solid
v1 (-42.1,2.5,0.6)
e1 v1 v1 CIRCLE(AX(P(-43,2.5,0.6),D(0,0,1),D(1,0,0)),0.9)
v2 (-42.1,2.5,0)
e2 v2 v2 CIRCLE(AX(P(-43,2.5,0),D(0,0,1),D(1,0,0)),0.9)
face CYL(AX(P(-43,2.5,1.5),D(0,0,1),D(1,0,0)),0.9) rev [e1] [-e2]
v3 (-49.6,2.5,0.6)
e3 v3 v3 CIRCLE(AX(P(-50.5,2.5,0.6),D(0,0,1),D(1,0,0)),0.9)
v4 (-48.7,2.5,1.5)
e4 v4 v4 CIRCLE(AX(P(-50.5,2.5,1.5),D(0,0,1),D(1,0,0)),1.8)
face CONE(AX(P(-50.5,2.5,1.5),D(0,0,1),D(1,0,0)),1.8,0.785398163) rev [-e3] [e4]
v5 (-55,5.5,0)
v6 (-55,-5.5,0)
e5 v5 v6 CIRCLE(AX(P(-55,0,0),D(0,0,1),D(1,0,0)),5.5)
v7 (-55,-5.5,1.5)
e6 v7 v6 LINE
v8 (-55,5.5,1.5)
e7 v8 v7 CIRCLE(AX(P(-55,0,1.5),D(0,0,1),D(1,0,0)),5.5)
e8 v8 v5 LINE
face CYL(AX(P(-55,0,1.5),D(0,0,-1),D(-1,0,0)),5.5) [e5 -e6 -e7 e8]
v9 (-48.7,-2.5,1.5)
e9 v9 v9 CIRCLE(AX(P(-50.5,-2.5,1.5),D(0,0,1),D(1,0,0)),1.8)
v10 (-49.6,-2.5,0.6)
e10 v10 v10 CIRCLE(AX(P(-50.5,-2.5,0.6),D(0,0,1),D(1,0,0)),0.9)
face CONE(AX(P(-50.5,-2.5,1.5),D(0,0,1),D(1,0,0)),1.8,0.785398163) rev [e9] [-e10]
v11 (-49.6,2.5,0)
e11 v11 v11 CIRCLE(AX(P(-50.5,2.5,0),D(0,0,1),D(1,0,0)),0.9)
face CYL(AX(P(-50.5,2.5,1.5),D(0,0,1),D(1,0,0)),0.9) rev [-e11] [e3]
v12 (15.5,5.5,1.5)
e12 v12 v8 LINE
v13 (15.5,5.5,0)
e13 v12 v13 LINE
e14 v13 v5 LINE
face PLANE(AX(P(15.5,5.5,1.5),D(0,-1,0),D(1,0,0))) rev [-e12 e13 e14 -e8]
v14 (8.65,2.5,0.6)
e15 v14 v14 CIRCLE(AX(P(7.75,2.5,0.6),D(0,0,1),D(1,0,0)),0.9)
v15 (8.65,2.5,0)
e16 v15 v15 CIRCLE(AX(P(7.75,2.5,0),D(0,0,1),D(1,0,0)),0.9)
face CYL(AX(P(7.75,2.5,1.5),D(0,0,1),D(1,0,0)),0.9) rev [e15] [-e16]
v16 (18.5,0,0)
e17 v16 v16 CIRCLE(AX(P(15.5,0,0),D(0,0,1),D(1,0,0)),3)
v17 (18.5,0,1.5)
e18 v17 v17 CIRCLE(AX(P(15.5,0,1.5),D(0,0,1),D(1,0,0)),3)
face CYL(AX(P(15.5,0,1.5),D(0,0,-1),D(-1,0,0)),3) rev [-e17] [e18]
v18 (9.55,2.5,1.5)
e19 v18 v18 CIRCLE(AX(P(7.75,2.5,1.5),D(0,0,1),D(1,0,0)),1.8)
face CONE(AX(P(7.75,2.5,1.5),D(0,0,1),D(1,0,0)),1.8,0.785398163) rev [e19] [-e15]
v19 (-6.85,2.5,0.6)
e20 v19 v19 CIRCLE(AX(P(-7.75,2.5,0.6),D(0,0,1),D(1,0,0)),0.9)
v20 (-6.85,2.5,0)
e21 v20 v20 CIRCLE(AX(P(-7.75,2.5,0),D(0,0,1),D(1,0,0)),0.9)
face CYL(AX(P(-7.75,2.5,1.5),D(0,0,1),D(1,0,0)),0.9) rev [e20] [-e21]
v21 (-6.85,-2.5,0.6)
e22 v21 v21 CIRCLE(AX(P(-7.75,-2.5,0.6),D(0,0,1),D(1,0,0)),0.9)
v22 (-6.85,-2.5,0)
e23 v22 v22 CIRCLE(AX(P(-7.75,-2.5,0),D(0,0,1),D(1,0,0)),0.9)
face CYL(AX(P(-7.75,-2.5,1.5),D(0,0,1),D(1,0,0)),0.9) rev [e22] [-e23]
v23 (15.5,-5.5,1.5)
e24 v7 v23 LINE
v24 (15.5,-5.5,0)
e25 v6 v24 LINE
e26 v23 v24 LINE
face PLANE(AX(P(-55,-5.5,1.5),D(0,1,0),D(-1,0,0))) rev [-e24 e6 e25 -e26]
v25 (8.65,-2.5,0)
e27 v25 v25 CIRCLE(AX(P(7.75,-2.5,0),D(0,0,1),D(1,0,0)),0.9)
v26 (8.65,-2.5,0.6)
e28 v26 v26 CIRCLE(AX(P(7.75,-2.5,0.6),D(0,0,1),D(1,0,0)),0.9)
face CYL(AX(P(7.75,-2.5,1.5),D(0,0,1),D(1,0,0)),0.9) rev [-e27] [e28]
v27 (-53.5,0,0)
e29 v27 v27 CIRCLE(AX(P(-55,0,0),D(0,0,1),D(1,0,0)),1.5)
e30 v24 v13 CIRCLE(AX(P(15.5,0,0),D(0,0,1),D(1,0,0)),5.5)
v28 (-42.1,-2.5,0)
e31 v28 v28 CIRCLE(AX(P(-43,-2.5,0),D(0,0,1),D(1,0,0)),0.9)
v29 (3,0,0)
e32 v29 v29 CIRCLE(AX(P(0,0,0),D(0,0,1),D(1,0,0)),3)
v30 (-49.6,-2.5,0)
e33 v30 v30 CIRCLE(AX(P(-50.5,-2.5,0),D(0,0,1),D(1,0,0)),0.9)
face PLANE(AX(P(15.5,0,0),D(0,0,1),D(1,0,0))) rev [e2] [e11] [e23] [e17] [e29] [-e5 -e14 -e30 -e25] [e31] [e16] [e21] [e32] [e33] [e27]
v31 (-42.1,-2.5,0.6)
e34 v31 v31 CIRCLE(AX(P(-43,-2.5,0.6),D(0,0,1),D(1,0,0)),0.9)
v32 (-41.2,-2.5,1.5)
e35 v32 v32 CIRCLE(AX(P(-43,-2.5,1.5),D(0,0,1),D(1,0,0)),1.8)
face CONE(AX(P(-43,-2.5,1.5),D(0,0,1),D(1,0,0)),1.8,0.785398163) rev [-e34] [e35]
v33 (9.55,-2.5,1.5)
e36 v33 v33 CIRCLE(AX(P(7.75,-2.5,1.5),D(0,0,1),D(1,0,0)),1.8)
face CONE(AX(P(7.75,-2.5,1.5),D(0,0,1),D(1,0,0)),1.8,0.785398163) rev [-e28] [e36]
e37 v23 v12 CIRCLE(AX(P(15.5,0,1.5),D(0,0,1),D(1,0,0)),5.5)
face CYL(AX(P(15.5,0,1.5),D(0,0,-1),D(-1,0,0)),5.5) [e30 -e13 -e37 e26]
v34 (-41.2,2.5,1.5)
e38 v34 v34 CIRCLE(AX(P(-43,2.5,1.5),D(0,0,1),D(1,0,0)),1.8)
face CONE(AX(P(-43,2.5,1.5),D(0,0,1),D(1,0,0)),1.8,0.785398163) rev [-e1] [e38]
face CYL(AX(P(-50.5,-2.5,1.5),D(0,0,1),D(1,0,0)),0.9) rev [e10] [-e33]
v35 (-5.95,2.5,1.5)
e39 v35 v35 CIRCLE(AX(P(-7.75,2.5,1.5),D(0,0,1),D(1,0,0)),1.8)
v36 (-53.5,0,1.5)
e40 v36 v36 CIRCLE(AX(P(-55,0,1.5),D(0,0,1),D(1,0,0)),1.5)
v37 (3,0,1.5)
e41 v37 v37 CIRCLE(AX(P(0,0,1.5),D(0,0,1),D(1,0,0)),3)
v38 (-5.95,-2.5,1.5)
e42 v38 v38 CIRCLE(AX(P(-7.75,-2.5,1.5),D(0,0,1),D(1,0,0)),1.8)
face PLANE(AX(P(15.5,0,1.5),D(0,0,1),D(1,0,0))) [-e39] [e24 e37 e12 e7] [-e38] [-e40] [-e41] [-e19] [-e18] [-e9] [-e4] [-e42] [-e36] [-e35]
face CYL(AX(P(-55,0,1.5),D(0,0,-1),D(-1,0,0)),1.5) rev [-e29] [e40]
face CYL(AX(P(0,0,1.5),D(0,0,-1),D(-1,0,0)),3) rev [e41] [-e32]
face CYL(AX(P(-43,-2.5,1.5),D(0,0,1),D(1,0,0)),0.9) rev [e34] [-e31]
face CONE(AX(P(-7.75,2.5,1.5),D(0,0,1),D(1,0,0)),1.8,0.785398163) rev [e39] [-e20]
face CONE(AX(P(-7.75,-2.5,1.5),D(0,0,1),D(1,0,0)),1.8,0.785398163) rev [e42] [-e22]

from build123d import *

# Parameters (mm, degrees)
SKETCH1_R                                    = 1.5
SKETCH1_R_2                                  = 3
BOSS_EXTRUDE1_DEPTH                          = 1.5
CSK_FOR_M1_6_COUNTERSUNK_FLAT_HEAD_S_2_COUNT = 2
CSK_FOR_M1_6_COUNTERSUNK_FLAT_HEAD_S_2_PITCH = 15.5
CSK_FOR_M1_6_COUNTERSUNK_FLAT_HEAD_S_3_COUNT = 2
CSK_FOR_M1_6_COUNTERSUNK_FLAT_HEAD_S_3_PITCH = 58.25
CSK_FOR_M1_6_COUNTERSUNK_FLAT_HEAD_S_4_COUNT = 2
CSK_FOR_M1_6_COUNTERSUNK_FLAT_HEAD_S_4_PITCH = 50.75


with BuildPart() as part:
    # Sketch1 → Boss-Extrude1 (new body)
    with BuildSketch(Plane.XY):
        with BuildLine():
            Line((15.5, 5.5), (-55, 5.5))
            ThreePointArc((-55, 5.5), (-60.5, 0), (-55, -5.5))
            Line((-55, -5.5), (15.5, -5.5))
            ThreePointArc((15.5, -5.5), (21, 0), (15.5, 5.5))
        make_face()
        with Locations((-55, 0)):
            Circle(SKETCH1_R, mode=Mode.SUBTRACT)
        Circle(SKETCH1_R_2, mode=Mode.SUBTRACT)
        with Locations((15.5, 0)):
            Circle(SKETCH1_R_2, mode=Mode.SUBTRACT)
    extrude(amount=BOSS_EXTRUDE1_DEPTH)

    # Sketch2 → CSK for M1.6 Countersunk Flat Head Screw1 (revolve, cut)
    with BuildSketch(Plane(origin=(7.75, 2.5, 1.5), x_dir=(0, -1, 0), z_dir=(1, 0, 0))):
        Polygon((0, 0), (0, 1.5), (0.9, 1.5), (0.9, 0.9), (1.8, 0), align=None)
    csk_for_m1_6_countersunk_flat_head_screw = revolve(axis=Axis((7.75, 2.5, 7.85), (0, 0, -1)), mode=Mode.SUBTRACT)

    # CSK for M1.6 Countersunk Flat Head S 2: CSK for M1.6 Countersunk Flat Head Screw1 ×2
    with Locations(*[(-i * CSK_FOR_M1_6_COUNTERSUNK_FLAT_HEAD_S_2_PITCH, 0, 0) for i in range(1, CSK_FOR_M1_6_COUNTERSUNK_FLAT_HEAD_S_2_COUNT)]):
        add(csk_for_m1_6_countersunk_flat_head_screw, mode=Mode.SUBTRACT)

    # CSK for M1.6 Countersunk Flat Head S 3: CSK for M1.6 Countersunk Flat Head Screw1 ×2
    with Locations(*[(-i * CSK_FOR_M1_6_COUNTERSUNK_FLAT_HEAD_S_3_PITCH, 0, 0) for i in range(1, CSK_FOR_M1_6_COUNTERSUNK_FLAT_HEAD_S_3_COUNT)]):
        add(csk_for_m1_6_countersunk_flat_head_screw, mode=Mode.SUBTRACT)

    # CSK for M1.6 Countersunk Flat Head S 4: CSK for M1.6 Countersunk Flat Head Screw1 ×2
    with Locations(*[(-i * CSK_FOR_M1_6_COUNTERSUNK_FLAT_HEAD_S_4_PITCH, 0, 0) for i in range(1, CSK_FOR_M1_6_COUNTERSUNK_FLAT_HEAD_S_4_COUNT)]):
        add(csk_for_m1_6_countersunk_flat_head_screw, mode=Mode.SUBTRACT)

    # Mirror1: CSK for M1.6 Countersunk Flat Head Screw1 across plane
    add(csk_for_m1_6_countersunk_flat_head_screw.mirror(Plane.ZX), mode=Mode.SUBTRACT)

    # Mirror1 copy 1 sketch → Mirror1 copy 1 (revolve, cut)
    with BuildSketch(Plane(origin=(-7.75, -2.5, 1.5), x_dir=(0, 1, 0), z_dir=(1, 0, 0))):
        Polygon((0, 0), (0, -1.5), (0.9, -1.5), (0.9, -0.9), (1.8, 0), align=None)
    revolve(axis=Axis((-7.75, -2.5, 7.85), (0, 0, 1)), mode=Mode.SUBTRACT)

    # Mirror1 copy 2 sketch → Mirror1 copy 2 (revolve, cut)
    with BuildSketch(Plane(origin=(-50.5, -2.5, 1.5), x_dir=(0, 1, 0), z_dir=(1, 0, 0))):
        Polygon((0, 0), (0, -1.5), (0.9, -1.5), (0.9, -0.9), (1.8, 0), align=None)
    revolve(axis=Axis((-50.5, -2.5, 7.85), (0, 0, 1)), mode=Mode.SUBTRACT)

    # Mirror1 copy 3 sketch → Mirror1 copy 3 (revolve, cut)
    with BuildSketch(Plane(origin=(-43, -2.5, 1.5), x_dir=(0, 1, 0), z_dir=(1, 0, 0))):
        Polygon((0, 0), (0, -1.5), (0.9, -1.5), (0.9, -0.9), (1.8, 0), align=None)
    revolve(axis=Axis((-43, -2.5, 7.85), (0, 0, 1)), mode=Mode.SUBTRACT)


solid = part.part
